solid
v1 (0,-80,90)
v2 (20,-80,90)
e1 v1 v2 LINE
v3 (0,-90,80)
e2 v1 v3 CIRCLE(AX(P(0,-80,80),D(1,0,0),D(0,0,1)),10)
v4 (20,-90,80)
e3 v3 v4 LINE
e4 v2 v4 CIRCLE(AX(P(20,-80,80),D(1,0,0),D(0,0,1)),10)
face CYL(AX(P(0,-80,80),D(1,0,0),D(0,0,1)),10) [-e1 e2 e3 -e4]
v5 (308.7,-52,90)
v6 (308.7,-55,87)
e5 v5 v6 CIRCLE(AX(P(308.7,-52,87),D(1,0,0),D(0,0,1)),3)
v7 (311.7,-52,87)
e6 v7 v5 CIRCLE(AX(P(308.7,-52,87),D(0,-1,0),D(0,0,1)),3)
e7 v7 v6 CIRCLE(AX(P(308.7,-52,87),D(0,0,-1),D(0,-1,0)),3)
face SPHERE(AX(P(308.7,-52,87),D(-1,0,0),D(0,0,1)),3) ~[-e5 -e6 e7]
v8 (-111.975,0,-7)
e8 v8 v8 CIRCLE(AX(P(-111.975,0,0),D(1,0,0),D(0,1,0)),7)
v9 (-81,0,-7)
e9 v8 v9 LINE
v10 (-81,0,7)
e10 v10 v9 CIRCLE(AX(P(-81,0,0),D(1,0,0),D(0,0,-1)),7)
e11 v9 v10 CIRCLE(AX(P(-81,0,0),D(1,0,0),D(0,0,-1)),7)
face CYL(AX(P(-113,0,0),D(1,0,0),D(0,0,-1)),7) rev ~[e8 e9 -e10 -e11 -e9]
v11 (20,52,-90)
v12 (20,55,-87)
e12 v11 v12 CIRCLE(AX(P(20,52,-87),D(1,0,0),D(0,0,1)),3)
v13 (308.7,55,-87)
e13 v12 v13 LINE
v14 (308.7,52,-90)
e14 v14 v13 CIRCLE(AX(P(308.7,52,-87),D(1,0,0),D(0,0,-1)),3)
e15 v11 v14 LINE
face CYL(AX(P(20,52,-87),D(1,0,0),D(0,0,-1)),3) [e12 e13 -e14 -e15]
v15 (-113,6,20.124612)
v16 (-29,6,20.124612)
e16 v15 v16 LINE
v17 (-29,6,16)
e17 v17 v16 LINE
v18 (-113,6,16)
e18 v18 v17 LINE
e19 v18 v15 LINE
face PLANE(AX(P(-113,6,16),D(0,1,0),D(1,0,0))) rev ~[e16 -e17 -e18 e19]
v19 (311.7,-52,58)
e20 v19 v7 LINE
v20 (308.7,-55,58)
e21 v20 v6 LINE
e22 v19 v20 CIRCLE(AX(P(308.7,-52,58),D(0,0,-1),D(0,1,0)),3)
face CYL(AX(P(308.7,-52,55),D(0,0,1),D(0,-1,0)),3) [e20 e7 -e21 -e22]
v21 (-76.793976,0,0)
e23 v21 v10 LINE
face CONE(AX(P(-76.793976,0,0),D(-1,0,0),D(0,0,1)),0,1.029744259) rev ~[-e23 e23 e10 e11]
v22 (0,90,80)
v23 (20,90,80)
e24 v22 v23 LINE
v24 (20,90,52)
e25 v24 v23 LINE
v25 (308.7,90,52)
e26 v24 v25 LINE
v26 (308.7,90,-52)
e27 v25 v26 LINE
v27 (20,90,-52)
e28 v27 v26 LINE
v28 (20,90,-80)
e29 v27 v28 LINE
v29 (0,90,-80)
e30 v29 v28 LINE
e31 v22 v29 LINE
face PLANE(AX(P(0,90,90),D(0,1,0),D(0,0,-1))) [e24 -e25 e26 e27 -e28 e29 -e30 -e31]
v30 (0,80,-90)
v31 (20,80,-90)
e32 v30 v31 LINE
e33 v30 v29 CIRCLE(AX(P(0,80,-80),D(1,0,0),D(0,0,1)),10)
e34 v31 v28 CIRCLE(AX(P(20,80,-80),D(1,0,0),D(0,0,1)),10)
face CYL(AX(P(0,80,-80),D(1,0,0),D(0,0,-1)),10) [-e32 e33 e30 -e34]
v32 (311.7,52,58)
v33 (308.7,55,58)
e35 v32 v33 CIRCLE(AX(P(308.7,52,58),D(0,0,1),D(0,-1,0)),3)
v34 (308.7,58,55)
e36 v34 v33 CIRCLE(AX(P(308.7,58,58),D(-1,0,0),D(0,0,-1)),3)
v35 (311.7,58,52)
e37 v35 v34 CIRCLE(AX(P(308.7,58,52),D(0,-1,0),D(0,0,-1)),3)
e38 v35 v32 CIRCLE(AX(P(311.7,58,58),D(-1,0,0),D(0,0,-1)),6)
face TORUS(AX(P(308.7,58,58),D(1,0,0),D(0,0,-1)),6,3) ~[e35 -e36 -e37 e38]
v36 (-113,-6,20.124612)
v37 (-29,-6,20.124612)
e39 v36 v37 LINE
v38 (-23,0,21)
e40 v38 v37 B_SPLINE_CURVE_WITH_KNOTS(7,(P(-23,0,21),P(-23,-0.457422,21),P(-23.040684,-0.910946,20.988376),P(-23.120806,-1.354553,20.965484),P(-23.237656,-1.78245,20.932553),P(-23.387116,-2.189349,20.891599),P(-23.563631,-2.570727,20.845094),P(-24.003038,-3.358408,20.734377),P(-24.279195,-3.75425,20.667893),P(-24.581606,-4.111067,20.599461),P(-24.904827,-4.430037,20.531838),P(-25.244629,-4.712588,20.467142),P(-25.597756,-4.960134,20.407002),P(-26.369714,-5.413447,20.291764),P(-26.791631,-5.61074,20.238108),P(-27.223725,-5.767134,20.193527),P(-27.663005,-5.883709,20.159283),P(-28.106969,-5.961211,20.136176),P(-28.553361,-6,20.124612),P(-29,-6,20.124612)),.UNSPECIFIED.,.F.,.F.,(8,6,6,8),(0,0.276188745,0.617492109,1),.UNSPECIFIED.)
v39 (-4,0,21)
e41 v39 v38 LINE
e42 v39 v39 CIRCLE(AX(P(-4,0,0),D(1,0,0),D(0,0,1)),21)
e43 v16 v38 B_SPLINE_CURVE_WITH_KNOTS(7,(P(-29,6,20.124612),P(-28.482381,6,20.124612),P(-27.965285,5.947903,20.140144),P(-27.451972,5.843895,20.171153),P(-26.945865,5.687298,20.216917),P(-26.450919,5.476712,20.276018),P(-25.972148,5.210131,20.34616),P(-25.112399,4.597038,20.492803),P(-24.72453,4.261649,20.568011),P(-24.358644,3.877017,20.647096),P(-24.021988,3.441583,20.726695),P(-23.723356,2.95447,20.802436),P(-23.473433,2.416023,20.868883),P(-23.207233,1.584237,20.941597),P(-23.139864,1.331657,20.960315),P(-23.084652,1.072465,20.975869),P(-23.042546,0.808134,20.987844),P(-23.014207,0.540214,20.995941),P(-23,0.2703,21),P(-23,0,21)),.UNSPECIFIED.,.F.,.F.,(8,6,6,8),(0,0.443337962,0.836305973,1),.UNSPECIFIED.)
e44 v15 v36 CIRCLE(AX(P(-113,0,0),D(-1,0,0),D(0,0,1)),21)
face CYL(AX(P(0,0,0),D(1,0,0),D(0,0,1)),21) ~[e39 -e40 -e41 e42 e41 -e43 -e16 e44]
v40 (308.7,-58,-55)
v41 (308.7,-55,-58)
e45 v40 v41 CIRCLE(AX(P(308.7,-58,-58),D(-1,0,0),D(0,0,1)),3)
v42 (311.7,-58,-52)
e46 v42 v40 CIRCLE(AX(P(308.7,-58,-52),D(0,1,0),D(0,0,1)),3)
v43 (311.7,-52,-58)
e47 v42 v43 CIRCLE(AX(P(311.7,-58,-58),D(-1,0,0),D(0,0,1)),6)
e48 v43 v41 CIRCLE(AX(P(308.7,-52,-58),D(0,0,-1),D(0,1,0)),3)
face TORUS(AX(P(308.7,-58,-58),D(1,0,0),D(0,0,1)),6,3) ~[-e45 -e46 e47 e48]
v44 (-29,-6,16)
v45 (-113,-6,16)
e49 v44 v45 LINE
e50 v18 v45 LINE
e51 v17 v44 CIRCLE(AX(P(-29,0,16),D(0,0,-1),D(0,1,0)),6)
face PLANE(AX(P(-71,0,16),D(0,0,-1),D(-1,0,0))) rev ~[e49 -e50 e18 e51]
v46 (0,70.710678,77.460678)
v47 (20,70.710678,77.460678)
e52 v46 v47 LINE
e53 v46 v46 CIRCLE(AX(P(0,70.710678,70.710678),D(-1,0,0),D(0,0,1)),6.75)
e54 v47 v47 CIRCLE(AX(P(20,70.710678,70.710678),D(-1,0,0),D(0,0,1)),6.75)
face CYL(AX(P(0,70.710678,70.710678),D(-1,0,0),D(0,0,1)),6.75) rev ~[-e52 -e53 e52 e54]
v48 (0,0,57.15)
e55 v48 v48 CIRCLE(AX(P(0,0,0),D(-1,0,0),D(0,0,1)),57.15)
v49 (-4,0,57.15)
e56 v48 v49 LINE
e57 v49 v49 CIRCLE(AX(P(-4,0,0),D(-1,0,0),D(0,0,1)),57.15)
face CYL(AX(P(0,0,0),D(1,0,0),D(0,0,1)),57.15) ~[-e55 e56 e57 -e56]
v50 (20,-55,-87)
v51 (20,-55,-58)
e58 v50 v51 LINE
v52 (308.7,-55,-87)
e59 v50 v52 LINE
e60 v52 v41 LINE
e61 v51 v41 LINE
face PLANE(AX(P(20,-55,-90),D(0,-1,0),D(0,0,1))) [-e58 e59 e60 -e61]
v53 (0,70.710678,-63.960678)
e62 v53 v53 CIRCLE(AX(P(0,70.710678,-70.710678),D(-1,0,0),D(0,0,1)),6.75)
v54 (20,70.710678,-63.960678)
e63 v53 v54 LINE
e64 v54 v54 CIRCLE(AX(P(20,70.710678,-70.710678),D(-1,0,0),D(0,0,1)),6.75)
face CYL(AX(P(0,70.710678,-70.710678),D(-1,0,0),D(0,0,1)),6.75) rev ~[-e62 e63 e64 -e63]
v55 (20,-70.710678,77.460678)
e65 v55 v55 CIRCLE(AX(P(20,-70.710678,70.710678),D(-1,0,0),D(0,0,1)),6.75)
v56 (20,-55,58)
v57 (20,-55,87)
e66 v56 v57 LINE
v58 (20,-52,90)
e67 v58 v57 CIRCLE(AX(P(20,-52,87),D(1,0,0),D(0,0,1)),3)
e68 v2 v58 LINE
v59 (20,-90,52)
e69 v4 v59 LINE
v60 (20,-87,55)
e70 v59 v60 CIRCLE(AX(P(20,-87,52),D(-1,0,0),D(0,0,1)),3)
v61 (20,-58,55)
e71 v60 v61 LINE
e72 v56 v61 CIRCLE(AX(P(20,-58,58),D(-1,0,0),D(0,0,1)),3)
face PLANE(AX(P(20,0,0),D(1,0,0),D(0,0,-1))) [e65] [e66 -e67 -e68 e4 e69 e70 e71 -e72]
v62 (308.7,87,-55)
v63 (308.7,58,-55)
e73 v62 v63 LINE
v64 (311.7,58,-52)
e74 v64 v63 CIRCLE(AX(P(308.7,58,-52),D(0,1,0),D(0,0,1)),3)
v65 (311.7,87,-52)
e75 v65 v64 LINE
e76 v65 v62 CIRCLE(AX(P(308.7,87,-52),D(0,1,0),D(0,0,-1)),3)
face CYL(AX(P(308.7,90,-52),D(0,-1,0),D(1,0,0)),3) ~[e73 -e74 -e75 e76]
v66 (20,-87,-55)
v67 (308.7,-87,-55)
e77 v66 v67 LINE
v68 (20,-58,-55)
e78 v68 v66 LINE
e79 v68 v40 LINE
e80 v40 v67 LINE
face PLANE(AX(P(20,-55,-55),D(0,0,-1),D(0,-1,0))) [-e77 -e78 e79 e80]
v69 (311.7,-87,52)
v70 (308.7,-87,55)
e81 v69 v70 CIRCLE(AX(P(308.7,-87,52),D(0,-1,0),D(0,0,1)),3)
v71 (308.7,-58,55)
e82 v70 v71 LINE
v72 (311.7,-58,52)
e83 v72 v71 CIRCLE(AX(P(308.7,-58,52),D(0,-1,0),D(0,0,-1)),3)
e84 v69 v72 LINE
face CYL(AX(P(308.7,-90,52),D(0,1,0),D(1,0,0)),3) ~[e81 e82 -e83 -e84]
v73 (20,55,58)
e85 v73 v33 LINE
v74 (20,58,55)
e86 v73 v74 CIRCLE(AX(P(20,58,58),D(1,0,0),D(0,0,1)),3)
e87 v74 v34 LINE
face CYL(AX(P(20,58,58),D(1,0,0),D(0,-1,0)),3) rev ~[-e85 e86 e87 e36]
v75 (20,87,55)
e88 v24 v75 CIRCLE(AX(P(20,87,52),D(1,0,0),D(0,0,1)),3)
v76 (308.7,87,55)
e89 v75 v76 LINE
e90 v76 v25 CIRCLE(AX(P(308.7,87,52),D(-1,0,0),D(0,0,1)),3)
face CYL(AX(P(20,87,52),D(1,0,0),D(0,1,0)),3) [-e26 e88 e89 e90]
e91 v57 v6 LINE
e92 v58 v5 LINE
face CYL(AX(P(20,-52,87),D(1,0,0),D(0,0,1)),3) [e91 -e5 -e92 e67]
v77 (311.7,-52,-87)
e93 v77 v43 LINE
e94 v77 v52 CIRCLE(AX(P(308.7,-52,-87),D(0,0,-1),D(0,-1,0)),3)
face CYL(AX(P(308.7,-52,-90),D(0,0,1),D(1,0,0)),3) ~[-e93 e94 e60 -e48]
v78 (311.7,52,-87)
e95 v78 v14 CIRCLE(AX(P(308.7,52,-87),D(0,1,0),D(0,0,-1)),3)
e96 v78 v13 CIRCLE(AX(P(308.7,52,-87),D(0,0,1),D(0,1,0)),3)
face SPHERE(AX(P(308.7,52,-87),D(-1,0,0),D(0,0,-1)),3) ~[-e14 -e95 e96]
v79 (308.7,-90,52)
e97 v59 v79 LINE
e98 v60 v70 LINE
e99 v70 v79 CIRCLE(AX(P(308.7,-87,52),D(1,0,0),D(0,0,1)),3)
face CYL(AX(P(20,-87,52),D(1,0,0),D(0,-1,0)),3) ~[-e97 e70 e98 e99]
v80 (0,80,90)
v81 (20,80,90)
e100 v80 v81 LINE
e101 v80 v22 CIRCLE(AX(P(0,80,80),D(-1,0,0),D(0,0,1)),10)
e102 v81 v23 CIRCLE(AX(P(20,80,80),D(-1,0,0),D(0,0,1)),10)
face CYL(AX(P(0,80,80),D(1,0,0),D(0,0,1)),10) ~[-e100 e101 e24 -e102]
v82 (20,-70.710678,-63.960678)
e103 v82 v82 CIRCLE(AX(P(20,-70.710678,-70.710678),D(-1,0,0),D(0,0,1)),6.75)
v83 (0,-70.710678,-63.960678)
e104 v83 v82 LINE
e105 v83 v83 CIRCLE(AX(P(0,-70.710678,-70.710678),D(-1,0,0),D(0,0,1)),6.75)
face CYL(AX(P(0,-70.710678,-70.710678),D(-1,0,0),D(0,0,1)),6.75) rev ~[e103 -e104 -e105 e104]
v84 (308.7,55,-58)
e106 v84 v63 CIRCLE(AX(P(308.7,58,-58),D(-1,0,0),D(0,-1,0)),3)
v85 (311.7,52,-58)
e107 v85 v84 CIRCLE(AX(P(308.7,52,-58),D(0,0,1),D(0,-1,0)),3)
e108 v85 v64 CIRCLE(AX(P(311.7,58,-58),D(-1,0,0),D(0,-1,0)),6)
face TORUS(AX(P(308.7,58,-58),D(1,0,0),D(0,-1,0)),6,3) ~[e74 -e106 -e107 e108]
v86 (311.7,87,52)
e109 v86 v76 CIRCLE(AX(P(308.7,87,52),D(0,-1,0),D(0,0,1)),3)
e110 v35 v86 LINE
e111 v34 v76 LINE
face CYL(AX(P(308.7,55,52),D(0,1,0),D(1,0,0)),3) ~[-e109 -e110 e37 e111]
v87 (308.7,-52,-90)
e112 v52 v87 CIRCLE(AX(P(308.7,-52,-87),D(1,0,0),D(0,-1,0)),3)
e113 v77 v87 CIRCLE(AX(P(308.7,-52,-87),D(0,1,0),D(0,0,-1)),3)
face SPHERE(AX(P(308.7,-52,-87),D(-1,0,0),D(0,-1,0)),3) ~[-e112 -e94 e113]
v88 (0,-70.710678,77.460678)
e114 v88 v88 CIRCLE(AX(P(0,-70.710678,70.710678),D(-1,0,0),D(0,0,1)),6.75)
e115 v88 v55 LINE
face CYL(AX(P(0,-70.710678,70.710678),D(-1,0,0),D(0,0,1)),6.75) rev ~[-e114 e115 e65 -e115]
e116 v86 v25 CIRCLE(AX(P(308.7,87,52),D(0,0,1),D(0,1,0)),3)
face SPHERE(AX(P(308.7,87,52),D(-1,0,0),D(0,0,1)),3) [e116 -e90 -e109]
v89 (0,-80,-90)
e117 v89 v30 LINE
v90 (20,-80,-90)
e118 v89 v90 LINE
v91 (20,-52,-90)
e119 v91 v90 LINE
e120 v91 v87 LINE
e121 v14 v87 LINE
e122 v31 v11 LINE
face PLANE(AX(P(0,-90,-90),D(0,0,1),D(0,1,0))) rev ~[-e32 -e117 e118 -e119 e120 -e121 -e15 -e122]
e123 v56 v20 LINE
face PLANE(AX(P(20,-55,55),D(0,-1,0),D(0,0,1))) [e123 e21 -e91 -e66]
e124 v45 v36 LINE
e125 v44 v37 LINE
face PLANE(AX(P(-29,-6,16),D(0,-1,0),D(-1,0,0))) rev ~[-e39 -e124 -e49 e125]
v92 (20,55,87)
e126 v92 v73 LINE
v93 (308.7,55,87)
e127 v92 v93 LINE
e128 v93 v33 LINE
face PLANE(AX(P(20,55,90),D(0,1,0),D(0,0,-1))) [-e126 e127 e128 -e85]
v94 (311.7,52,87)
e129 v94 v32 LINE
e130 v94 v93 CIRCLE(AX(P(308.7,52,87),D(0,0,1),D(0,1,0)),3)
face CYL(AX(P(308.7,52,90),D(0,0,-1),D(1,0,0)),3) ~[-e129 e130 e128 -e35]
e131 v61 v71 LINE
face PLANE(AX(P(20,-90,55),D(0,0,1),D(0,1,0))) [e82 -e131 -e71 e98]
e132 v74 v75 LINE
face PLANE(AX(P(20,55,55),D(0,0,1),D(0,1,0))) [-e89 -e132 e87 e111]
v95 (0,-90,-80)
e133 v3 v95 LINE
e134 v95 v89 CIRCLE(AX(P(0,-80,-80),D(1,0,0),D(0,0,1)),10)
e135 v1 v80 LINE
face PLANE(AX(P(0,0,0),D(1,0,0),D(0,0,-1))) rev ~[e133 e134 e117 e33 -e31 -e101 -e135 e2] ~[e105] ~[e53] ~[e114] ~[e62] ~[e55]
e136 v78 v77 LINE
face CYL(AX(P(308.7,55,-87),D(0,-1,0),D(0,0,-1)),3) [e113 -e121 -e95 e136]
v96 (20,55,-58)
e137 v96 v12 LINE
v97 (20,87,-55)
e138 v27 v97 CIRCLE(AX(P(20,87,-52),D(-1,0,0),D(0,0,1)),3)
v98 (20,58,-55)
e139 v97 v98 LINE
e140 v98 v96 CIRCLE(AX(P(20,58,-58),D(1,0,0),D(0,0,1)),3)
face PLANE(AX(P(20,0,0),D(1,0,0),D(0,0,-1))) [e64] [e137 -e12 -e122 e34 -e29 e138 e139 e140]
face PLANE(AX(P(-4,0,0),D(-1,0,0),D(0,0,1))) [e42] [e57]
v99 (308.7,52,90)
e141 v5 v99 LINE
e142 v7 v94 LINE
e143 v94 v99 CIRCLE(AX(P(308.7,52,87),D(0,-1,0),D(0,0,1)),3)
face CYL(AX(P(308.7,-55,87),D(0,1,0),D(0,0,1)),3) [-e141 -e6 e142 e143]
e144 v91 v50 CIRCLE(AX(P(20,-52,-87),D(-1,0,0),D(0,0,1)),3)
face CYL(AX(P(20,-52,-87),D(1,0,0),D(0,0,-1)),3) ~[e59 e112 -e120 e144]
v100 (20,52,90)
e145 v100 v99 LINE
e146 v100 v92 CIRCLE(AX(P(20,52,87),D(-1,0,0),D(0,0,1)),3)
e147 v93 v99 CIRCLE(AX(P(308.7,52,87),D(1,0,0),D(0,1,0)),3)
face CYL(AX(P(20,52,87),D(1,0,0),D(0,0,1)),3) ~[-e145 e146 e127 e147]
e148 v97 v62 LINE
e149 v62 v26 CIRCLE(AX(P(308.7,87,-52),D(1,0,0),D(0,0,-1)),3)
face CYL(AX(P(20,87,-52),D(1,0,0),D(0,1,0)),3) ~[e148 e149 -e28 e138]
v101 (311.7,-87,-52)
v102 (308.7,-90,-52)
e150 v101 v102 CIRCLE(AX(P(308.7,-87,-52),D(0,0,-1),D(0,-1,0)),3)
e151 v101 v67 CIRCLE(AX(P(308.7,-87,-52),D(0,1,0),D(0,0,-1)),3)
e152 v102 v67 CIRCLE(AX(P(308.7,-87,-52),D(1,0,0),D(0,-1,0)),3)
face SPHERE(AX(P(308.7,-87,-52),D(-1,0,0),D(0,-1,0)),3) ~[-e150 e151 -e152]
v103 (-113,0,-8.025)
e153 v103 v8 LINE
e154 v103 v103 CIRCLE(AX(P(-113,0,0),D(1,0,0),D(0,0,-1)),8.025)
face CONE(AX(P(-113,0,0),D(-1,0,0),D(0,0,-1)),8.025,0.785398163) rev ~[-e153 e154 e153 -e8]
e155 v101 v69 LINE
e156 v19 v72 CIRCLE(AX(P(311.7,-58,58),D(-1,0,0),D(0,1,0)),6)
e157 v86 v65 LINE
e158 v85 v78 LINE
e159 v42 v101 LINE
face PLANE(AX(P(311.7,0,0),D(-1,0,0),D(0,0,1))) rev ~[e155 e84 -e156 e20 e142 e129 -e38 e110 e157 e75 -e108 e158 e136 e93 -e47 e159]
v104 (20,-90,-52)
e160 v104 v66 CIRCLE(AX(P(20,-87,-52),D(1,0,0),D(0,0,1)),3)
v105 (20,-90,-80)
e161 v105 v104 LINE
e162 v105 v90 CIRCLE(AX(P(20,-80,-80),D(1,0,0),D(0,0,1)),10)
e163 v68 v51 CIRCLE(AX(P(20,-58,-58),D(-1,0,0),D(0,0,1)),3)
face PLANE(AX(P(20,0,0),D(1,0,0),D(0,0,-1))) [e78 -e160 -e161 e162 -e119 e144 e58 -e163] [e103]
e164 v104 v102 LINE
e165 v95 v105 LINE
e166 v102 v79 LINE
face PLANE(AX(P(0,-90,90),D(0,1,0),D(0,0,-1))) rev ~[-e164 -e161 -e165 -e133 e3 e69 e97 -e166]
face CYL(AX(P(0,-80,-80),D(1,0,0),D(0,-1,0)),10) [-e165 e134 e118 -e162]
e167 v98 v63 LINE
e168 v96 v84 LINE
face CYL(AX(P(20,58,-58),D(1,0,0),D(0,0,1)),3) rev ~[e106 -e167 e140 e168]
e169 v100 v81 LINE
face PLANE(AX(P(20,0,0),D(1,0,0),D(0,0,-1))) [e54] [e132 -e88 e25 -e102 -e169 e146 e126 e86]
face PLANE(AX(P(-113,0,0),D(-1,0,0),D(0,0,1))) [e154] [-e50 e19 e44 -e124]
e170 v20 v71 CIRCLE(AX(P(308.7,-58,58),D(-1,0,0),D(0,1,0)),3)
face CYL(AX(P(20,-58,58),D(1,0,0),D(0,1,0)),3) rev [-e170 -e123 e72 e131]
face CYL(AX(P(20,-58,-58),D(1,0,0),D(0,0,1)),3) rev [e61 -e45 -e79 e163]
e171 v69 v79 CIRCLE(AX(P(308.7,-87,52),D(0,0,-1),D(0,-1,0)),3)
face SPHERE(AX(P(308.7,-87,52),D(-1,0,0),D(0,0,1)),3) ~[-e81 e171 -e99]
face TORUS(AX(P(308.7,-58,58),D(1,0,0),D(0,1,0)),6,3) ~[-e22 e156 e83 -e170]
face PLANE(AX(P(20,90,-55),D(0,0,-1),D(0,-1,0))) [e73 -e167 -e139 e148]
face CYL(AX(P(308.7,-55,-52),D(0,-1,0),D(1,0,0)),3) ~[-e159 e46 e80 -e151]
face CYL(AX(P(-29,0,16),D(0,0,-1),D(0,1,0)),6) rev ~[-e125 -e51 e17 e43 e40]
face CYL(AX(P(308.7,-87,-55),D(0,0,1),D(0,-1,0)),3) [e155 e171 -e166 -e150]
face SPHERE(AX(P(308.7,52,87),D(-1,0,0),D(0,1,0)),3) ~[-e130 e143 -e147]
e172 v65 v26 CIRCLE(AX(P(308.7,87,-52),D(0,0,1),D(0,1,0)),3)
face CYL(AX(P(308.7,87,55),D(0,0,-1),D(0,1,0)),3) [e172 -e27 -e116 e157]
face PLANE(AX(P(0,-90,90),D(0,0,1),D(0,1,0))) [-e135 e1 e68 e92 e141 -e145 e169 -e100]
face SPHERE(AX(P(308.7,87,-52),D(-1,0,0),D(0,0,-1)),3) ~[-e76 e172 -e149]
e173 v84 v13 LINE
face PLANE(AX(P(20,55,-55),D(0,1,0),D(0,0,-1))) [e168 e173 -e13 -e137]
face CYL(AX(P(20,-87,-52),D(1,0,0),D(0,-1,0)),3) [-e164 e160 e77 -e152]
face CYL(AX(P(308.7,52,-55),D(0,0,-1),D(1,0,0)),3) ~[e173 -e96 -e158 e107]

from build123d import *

# Parameters (mm, degrees)
SKETCH1_W                        = 180
SKETCH1_H                        = 180
BOSS_EXTRUDE1_DEPTH              = 20
FILLET1_R                        = 10
BOSS_EXTRUDE2_DEPTH              = 291.7
SKETCH3_R                        = 57.15
BOSS_EXTRUDE3_DEPTH              = 4
SKETCH4_R                        = 21
BOSS_EXTRUDE4_DEPTH              = 113
CUT_EXTRUDE1_START               = 16
CUT_EXTRUDE1_DEPTH               = 113
M16X2_0_TAPPED_HOLE1_D           = 14
M16X2_0_TAPPED_HOLE1_DEPTH       = 32
M16X2_0_TAPPED_HOLE1_CSINK_D     = 16.05
M16X2_0_TAPPED_HOLE1_CSINK_ANGLE = 90
M16X2_0_TAPPED_HOLE1_TIP         = 4.206024333
SKETCH9_R                        = 6.75
CUT_EXTRUDE2_DEPTH               = 20
FILLET2_R                        = 3


with BuildPart() as part:
    # Sketch1 → Boss-Extrude1 (new body)
    with BuildSketch(Plane(origin=(0, 0, 0), x_dir=(0, 0, -1), z_dir=(1, 0, 0))):
        Rectangle(SKETCH1_W, SKETCH1_H)
    extrude(amount=BOSS_EXTRUDE1_DEPTH)

    # Fillet1
    fillet1_edges = [part.edges().sort_by_distance(p)[0] for p in [
        (10, -90, -90),
        (10, -90, 90),
        (10, 90, 90),
        (10, 90, -90),
    ]]
    fillet(fillet1_edges, radius=FILLET1_R)

    # Sketch2 → Boss-Extrude2 (add)
    with BuildSketch(Plane(origin=(20, 0, 0), x_dir=(0, 0, -1), z_dir=(1, 0, 0))):
        Polygon((-55, 90), (55, 90), (55, 55), (90, 55), (90, -55), (55, -55), (55, -90), (-55, -90), (-55, -55), (-90, -55), (-90, 55), (-55, 55), align=None)
    extrude(amount=BOSS_EXTRUDE2_DEPTH)

    # Sketch3 → Boss-Extrude3 (add)
    with BuildSketch(Plane.ZY):
        Circle(SKETCH3_R)
    extrude(amount=BOSS_EXTRUDE3_DEPTH)

    # Sketch4 → Boss-Extrude4 (add)
    with BuildSketch(Plane.ZY):
        Circle(SKETCH4_R)
    extrude(amount=BOSS_EXTRUDE4_DEPTH)

    # Sketch6 → Cut-Extrude1 (cut)
    with BuildSketch(Plane.XY.offset(CUT_EXTRUDE1_START)):
        with BuildLine():
            Line((-113, 6), (-29, 6))
            ThreePointArc((-29, 6), (-23, 0), (-29, -6))
            Line((-29, -6), (-113, -6))
            ThreePointArc((-113, -6), (-119, 0), (-113, 6))
        make_face()
    extrude(amount=CUT_EXTRUDE1_DEPTH, mode=Mode.SUBTRACT)

    # M16x2.0 Tapped Hole1
    with Locations(Plane.ZY.offset(113)):
        with Locations((0, 0)):
            CounterSinkHole(M16X2_0_TAPPED_HOLE1_D / 2, M16X2_0_TAPPED_HOLE1_CSINK_D / 2, depth=M16X2_0_TAPPED_HOLE1_DEPTH, counter_sink_angle=M16X2_0_TAPPED_HOLE1_CSINK_ANGLE)
            with Locations((0, 0, -(M16X2_0_TAPPED_HOLE1_DEPTH + M16X2_0_TAPPED_HOLE1_TIP / 2))):  # 118° drill point
                Cone(0, M16X2_0_TAPPED_HOLE1_D / 2, M16X2_0_TAPPED_HOLE1_TIP, mode=Mode.SUBTRACT)

    # Sketch9 → Cut-Extrude2 (cut)
    with BuildSketch(Plane.ZY):
        with Locations((70.710678119, 70.710678119)):
            Circle(SKETCH9_R)
        with Locations((70.710678119, -70.710678119)):
            Circle(SKETCH9_R)
        with Locations((-70.710678119, -70.710678119)):
            Circle(SKETCH9_R)
        with Locations((-70.710678119, 70.710678119)):
            Circle(SKETCH9_R)
    extrude(amount=-CUT_EXTRUDE2_DEPTH, mode=Mode.SUBTRACT)

    # Fillet2
    fillet2_edges = [part.edges().sort_by_distance(p)[0] for p in [
        (165.85, 90, 55),
        (165.85, 55, 55),
        (165.85, 55, 90),
        (165.85, -55, 90),
        (165.85, -55, 55),
        (165.85, -90, 55),
        (165.85, -90, -55),
        (165.85, -55, -55),
        (165.85, -55, -90),
        (165.85, 55, -90),
        (165.85, 55, -55),
        (165.85, 90, -55),
        (311.7, 72.5, 55),
        (311.7, 55, 72.5),
        (311.7, 0, 90),
        (311.7, -55, 72.5),
        (311.7, -72.5, 55),
        (311.7, -90, 0),
        (311.7, -72.5, -55),
        (311.7, -55, -72.5),
        (311.7, 0, -90),
        (311.7, 55, -72.5),
        (311.7, 72.5, -55),
        (311.7, 90, 0),
    ]]
    fillet(fillet2_edges, radius=FILLET2_R)


solid = part.part
